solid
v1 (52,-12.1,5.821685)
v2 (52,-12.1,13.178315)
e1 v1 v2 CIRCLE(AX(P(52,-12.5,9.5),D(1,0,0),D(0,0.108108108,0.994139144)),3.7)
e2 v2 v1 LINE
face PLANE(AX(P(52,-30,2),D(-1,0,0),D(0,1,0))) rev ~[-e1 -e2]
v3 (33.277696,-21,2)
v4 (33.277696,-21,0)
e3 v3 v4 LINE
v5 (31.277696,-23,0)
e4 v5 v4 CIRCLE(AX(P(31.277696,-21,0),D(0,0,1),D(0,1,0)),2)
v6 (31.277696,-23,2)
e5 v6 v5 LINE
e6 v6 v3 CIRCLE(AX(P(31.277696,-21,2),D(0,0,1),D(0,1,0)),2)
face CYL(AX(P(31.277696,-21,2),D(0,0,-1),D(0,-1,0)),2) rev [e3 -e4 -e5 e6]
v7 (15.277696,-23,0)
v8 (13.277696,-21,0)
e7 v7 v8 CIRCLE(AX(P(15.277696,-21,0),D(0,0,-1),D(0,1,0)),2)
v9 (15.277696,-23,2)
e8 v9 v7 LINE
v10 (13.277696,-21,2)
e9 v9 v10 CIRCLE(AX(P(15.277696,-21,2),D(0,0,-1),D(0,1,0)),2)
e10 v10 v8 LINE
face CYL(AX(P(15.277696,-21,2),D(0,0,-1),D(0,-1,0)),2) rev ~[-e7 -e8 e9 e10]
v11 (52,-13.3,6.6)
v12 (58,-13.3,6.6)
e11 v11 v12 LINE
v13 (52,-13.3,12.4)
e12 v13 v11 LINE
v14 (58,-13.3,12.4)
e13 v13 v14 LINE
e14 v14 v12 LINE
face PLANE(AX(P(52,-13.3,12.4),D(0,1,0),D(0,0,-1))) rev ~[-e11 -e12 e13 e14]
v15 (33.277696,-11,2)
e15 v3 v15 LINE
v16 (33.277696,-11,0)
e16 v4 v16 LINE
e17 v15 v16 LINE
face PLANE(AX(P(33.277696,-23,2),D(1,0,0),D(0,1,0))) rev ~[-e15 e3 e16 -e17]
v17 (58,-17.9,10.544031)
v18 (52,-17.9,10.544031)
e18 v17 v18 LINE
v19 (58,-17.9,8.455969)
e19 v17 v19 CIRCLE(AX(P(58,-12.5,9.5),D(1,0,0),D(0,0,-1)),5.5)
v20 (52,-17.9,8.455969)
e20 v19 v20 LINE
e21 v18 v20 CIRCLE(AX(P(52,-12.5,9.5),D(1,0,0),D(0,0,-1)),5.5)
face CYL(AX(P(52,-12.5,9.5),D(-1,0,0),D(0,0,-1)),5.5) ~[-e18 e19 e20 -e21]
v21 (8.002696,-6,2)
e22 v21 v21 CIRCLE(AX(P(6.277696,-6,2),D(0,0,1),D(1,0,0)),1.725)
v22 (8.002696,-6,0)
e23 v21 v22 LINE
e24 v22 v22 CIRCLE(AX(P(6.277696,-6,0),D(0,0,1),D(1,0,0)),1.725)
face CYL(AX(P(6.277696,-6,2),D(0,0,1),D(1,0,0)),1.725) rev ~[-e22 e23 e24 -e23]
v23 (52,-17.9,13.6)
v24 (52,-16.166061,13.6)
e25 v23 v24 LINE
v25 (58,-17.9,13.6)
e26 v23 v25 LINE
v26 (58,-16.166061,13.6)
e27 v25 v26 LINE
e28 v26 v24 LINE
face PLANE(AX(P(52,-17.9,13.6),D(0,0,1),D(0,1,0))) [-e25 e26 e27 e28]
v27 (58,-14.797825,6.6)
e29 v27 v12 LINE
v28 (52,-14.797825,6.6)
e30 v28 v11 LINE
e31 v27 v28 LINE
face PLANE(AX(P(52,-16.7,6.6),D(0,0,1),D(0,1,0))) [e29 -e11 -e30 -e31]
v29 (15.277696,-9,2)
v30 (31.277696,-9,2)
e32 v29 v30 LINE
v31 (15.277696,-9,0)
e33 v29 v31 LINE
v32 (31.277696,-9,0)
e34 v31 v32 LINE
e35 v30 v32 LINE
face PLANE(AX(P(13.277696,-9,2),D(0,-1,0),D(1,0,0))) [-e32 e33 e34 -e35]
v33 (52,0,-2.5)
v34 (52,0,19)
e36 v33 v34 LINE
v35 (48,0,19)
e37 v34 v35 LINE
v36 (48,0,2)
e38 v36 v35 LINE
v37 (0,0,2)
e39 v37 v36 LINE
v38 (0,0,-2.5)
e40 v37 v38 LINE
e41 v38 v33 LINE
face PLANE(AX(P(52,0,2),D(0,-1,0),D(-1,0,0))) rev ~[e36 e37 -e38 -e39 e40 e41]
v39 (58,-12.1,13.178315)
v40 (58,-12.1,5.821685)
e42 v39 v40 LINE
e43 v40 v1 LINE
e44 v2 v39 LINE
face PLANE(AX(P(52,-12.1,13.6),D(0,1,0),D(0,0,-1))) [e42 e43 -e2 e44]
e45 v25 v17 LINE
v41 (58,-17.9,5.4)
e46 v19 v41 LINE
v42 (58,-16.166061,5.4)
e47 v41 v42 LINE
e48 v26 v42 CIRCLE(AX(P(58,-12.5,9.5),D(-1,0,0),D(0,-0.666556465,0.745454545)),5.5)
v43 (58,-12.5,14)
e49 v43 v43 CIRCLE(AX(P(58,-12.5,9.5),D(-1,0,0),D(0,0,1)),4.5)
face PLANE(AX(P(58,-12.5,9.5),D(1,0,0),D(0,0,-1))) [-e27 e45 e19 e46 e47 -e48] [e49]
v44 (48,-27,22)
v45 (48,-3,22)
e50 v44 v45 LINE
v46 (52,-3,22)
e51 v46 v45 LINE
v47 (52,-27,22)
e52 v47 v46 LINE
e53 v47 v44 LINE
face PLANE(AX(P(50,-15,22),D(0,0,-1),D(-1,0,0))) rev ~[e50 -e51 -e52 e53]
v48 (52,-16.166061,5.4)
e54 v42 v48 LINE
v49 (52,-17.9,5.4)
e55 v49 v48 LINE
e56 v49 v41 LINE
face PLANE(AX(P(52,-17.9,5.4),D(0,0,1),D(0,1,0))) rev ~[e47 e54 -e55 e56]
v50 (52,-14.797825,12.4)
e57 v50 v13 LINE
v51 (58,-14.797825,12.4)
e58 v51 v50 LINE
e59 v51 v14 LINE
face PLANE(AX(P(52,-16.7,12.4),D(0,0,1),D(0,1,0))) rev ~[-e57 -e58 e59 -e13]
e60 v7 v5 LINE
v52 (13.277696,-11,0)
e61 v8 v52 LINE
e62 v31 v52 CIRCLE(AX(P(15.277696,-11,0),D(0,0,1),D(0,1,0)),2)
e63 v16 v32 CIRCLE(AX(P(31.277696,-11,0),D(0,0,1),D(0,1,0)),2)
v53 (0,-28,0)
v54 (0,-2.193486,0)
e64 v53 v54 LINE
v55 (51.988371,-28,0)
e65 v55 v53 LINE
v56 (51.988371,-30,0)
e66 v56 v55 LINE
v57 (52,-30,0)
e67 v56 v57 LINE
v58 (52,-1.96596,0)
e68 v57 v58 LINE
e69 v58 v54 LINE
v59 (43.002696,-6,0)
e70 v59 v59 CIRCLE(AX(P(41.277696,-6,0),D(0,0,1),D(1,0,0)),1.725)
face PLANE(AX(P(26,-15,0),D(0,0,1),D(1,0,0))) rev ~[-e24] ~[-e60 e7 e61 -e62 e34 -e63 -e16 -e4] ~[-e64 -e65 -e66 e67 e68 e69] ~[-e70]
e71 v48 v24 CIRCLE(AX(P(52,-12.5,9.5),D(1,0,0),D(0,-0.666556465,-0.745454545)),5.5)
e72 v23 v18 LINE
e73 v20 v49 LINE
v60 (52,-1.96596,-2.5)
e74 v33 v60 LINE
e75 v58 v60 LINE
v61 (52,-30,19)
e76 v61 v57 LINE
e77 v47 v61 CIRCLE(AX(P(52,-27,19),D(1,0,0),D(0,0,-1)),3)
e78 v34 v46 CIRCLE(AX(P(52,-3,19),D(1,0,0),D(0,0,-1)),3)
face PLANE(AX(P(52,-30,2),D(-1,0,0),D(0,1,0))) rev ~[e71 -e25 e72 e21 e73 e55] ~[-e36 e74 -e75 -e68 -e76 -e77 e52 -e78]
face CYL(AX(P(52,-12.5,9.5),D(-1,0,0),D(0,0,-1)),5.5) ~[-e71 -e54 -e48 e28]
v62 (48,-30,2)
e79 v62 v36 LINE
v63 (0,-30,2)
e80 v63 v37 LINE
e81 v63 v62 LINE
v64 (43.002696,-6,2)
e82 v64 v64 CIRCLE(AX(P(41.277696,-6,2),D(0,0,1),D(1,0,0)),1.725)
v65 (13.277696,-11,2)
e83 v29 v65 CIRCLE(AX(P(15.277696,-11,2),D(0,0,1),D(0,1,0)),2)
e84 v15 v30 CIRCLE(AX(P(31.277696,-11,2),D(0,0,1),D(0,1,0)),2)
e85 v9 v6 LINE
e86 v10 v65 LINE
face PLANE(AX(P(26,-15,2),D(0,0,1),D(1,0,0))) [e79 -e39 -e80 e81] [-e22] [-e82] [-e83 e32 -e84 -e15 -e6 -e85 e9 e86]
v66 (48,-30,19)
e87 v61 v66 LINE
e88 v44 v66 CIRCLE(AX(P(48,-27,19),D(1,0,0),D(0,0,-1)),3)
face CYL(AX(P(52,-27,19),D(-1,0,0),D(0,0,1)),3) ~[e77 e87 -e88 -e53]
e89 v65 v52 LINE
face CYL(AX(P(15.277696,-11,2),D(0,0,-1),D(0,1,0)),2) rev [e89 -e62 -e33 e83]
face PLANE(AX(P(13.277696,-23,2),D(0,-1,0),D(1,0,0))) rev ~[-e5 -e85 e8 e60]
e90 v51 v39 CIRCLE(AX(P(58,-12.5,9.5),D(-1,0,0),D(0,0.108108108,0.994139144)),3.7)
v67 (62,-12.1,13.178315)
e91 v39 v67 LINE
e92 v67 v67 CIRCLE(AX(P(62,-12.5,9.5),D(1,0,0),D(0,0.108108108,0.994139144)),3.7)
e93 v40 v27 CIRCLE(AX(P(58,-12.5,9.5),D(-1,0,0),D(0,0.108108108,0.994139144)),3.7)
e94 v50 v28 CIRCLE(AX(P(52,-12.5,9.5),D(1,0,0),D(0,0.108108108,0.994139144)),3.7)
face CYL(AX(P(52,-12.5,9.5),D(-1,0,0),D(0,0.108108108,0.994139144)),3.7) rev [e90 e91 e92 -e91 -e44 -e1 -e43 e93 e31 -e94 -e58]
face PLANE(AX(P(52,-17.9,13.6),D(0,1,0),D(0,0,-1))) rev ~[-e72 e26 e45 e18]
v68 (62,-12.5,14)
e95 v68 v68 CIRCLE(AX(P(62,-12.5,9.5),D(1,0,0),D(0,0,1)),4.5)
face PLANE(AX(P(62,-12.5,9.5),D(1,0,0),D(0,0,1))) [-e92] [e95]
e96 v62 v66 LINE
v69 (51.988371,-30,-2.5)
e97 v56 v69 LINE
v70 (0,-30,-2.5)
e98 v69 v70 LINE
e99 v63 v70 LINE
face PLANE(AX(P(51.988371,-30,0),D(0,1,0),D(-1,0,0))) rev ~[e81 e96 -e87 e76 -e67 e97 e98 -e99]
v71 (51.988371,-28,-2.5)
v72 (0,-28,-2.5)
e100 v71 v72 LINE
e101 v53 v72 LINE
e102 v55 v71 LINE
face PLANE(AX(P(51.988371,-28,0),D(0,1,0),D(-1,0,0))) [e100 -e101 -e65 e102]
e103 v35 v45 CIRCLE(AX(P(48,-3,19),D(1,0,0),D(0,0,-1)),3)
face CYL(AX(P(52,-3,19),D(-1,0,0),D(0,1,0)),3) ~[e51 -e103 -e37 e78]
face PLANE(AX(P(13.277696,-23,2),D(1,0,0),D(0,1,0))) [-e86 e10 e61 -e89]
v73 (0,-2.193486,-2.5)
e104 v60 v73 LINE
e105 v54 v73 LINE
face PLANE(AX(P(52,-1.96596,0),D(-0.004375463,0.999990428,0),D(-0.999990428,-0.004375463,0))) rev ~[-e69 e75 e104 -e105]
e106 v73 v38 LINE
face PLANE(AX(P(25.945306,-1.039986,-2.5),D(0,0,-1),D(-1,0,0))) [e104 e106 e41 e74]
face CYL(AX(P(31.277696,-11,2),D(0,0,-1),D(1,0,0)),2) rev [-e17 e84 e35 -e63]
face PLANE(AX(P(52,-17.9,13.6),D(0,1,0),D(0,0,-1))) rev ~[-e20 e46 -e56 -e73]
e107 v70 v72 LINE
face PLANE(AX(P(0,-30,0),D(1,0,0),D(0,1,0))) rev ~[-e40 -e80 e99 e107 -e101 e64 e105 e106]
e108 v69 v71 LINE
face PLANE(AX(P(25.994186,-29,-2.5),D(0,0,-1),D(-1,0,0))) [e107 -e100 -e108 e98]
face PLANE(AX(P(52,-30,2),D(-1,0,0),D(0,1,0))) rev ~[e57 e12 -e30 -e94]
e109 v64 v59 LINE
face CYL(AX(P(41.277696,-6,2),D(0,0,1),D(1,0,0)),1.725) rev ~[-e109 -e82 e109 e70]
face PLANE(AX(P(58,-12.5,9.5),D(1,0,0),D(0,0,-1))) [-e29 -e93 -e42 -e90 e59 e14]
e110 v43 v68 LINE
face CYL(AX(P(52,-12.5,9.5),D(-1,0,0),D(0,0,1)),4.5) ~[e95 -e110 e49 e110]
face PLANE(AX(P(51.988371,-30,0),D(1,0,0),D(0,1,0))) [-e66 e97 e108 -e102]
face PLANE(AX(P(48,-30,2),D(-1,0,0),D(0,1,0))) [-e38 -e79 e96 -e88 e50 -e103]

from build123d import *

# Parameters (mm, degrees)
SKETCH1_W           = 52
SKETCH1_H           = 30
BOSS_EXTRUDE1_DEPTH = 2
SKETCH2_W           = 4
SKETCH2_H           = 30
BOSS_EXTRUDE2_DEPTH = 20
FILLET1_R           = 3
SKETCH4_R           = 1.725
CUT_EXTRUDE2_DEPTH  = 2
SKETCH5_W           = 51.988371154
SKETCH5_H           = 2
BOSS_EXTRUDE3_DEPTH = 2.5
SKETCH6_W           = 20
SKETCH6_H           = 14
CUT_EXTRUDE3_DEPTH  = 2
SKETCH7_W           = 8.2
SKETCH7_H           = 5.8
SKETCH7_W_2         = 5.8
SKETCH7_H_2         = 3.4
BOSS_EXTRUDE4_DEPTH = 6
SKETCH8_R           = 5.5
SKETCH8_R_2         = 4.25
BOSS_EXTRUDE5_DEPTH = 6
SKETCH10_R          = 4.5
SKETCH10_R_2        = 3.7
BOSS_EXTRUDE6_DEPTH = 10
FILLET2_R           = 2


with BuildPart() as part:
    # Sketch1 → Boss-Extrude1 (new body)
    with BuildSketch(Plane.XY):
        with Locations((26, -15)):
            Rectangle(SKETCH1_W, SKETCH1_H)
    extrude(amount=BOSS_EXTRUDE1_DEPTH)

    # Sketch2 → Boss-Extrude2 (add)
    with BuildSketch(Plane(origin=(0, 0, 2), x_dir=(-1, 0, 0), z_dir=(0, 0, -1))):
        with Locations((-50, -15)):
            Rectangle(SKETCH2_W, SKETCH2_H)
    extrude(amount=-BOSS_EXTRUDE2_DEPTH)

    # Fillet1
    fillet1_edges = [part.edges().sort_by_distance(p)[0] for p in [
        (50, -30, 22),
        (50, 0, 22),
    ]]
    fillet(fillet1_edges, radius=FILLET1_R)

    # Sketch4 → Cut-Extrude2 (cut)
    with BuildSketch(Plane.XY.offset(2)):
        with Locations((41.277695867, -6)):
            Circle(SKETCH4_R)
        with Locations((6.277695867, -6)):
            Circle(SKETCH4_R)
    extrude(amount=-CUT_EXTRUDE2_DEPTH, mode=Mode.SUBTRACT)

    # Sketch5 → Boss-Extrude3 (add)
    with BuildSketch(Plane(origin=(0, 0, 0), x_dir=(-1, 0, 0), z_dir=(0, 0, -1))):
        with Locations((-25.994185577, -29)):
            Rectangle(SKETCH5_W, SKETCH5_H)
        Polygon((-52, -1.965960074), (0, -2.193486325), (0, 0), (-52, 0), align=None)
    extrude(amount=BOSS_EXTRUDE3_DEPTH)

    # Sketch6 → Cut-Extrude3 (cut)
    with BuildSketch(Plane.XY.offset(2)):
        with Locations((23.277695867, -16)):
            Rectangle(SKETCH6_W, SKETCH6_H)
    extrude(amount=-CUT_EXTRUDE3_DEPTH, mode=Mode.SUBTRACT)

    # Sketch7 → Boss-Extrude4 (add)
    with BuildSketch(Plane(origin=(52, 0, 0), x_dir=(0, 0, -1), z_dir=(1, 0, 0))):
        with Locations((-9.5, -15)):
            Rectangle(SKETCH7_W, SKETCH7_H)
        with Locations((-9.5, -15)):
            Rectangle(SKETCH7_W_2, SKETCH7_H_2, mode=Mode.SUBTRACT)
    extrude(amount=BOSS_EXTRUDE4_DEPTH)

    # Sketch8 → Boss-Extrude5 (add)
    with BuildSketch(Plane(origin=(52, 0, 0), x_dir=(0, 0, -1), z_dir=(1, 0, 0))):
        with Locations((-9.5, -12.5)):
            Circle(SKETCH8_R)
        with Locations((-9.5, -12.5)):
            Circle(SKETCH8_R_2, mode=Mode.SUBTRACT)
    extrude(amount=BOSS_EXTRUDE5_DEPTH)

    # Sketch10 → Boss-Extrude6 (add)
    with BuildSketch(Plane(origin=(52, 0, 0), x_dir=(0, 0, -1), z_dir=(1, 0, 0))):
        with Locations(Location((-9.5, -12.5, 0), (0, 0, 180))):
            Circle(SKETCH10_R)
        with Locations(Location((-9.5, -12.5, 0), (0, 0, 173.793732249))):
            Circle(SKETCH10_R_2, mode=Mode.SUBTRACT)
    extrude(amount=BOSS_EXTRUDE6_DEPTH)

    # Fillet2
    fillet2_edges = [part.edges().sort_by_distance(p)[0] for p in [
        (33.277695867, -9, 1),
        (33.277695867, -23, 1),
        (13.277695867, -23, 1),
        (13.277695867, -9, 1),
    ]]
    fillet(fillet2_edges, radius=FILLET2_R)


solid = part.part
